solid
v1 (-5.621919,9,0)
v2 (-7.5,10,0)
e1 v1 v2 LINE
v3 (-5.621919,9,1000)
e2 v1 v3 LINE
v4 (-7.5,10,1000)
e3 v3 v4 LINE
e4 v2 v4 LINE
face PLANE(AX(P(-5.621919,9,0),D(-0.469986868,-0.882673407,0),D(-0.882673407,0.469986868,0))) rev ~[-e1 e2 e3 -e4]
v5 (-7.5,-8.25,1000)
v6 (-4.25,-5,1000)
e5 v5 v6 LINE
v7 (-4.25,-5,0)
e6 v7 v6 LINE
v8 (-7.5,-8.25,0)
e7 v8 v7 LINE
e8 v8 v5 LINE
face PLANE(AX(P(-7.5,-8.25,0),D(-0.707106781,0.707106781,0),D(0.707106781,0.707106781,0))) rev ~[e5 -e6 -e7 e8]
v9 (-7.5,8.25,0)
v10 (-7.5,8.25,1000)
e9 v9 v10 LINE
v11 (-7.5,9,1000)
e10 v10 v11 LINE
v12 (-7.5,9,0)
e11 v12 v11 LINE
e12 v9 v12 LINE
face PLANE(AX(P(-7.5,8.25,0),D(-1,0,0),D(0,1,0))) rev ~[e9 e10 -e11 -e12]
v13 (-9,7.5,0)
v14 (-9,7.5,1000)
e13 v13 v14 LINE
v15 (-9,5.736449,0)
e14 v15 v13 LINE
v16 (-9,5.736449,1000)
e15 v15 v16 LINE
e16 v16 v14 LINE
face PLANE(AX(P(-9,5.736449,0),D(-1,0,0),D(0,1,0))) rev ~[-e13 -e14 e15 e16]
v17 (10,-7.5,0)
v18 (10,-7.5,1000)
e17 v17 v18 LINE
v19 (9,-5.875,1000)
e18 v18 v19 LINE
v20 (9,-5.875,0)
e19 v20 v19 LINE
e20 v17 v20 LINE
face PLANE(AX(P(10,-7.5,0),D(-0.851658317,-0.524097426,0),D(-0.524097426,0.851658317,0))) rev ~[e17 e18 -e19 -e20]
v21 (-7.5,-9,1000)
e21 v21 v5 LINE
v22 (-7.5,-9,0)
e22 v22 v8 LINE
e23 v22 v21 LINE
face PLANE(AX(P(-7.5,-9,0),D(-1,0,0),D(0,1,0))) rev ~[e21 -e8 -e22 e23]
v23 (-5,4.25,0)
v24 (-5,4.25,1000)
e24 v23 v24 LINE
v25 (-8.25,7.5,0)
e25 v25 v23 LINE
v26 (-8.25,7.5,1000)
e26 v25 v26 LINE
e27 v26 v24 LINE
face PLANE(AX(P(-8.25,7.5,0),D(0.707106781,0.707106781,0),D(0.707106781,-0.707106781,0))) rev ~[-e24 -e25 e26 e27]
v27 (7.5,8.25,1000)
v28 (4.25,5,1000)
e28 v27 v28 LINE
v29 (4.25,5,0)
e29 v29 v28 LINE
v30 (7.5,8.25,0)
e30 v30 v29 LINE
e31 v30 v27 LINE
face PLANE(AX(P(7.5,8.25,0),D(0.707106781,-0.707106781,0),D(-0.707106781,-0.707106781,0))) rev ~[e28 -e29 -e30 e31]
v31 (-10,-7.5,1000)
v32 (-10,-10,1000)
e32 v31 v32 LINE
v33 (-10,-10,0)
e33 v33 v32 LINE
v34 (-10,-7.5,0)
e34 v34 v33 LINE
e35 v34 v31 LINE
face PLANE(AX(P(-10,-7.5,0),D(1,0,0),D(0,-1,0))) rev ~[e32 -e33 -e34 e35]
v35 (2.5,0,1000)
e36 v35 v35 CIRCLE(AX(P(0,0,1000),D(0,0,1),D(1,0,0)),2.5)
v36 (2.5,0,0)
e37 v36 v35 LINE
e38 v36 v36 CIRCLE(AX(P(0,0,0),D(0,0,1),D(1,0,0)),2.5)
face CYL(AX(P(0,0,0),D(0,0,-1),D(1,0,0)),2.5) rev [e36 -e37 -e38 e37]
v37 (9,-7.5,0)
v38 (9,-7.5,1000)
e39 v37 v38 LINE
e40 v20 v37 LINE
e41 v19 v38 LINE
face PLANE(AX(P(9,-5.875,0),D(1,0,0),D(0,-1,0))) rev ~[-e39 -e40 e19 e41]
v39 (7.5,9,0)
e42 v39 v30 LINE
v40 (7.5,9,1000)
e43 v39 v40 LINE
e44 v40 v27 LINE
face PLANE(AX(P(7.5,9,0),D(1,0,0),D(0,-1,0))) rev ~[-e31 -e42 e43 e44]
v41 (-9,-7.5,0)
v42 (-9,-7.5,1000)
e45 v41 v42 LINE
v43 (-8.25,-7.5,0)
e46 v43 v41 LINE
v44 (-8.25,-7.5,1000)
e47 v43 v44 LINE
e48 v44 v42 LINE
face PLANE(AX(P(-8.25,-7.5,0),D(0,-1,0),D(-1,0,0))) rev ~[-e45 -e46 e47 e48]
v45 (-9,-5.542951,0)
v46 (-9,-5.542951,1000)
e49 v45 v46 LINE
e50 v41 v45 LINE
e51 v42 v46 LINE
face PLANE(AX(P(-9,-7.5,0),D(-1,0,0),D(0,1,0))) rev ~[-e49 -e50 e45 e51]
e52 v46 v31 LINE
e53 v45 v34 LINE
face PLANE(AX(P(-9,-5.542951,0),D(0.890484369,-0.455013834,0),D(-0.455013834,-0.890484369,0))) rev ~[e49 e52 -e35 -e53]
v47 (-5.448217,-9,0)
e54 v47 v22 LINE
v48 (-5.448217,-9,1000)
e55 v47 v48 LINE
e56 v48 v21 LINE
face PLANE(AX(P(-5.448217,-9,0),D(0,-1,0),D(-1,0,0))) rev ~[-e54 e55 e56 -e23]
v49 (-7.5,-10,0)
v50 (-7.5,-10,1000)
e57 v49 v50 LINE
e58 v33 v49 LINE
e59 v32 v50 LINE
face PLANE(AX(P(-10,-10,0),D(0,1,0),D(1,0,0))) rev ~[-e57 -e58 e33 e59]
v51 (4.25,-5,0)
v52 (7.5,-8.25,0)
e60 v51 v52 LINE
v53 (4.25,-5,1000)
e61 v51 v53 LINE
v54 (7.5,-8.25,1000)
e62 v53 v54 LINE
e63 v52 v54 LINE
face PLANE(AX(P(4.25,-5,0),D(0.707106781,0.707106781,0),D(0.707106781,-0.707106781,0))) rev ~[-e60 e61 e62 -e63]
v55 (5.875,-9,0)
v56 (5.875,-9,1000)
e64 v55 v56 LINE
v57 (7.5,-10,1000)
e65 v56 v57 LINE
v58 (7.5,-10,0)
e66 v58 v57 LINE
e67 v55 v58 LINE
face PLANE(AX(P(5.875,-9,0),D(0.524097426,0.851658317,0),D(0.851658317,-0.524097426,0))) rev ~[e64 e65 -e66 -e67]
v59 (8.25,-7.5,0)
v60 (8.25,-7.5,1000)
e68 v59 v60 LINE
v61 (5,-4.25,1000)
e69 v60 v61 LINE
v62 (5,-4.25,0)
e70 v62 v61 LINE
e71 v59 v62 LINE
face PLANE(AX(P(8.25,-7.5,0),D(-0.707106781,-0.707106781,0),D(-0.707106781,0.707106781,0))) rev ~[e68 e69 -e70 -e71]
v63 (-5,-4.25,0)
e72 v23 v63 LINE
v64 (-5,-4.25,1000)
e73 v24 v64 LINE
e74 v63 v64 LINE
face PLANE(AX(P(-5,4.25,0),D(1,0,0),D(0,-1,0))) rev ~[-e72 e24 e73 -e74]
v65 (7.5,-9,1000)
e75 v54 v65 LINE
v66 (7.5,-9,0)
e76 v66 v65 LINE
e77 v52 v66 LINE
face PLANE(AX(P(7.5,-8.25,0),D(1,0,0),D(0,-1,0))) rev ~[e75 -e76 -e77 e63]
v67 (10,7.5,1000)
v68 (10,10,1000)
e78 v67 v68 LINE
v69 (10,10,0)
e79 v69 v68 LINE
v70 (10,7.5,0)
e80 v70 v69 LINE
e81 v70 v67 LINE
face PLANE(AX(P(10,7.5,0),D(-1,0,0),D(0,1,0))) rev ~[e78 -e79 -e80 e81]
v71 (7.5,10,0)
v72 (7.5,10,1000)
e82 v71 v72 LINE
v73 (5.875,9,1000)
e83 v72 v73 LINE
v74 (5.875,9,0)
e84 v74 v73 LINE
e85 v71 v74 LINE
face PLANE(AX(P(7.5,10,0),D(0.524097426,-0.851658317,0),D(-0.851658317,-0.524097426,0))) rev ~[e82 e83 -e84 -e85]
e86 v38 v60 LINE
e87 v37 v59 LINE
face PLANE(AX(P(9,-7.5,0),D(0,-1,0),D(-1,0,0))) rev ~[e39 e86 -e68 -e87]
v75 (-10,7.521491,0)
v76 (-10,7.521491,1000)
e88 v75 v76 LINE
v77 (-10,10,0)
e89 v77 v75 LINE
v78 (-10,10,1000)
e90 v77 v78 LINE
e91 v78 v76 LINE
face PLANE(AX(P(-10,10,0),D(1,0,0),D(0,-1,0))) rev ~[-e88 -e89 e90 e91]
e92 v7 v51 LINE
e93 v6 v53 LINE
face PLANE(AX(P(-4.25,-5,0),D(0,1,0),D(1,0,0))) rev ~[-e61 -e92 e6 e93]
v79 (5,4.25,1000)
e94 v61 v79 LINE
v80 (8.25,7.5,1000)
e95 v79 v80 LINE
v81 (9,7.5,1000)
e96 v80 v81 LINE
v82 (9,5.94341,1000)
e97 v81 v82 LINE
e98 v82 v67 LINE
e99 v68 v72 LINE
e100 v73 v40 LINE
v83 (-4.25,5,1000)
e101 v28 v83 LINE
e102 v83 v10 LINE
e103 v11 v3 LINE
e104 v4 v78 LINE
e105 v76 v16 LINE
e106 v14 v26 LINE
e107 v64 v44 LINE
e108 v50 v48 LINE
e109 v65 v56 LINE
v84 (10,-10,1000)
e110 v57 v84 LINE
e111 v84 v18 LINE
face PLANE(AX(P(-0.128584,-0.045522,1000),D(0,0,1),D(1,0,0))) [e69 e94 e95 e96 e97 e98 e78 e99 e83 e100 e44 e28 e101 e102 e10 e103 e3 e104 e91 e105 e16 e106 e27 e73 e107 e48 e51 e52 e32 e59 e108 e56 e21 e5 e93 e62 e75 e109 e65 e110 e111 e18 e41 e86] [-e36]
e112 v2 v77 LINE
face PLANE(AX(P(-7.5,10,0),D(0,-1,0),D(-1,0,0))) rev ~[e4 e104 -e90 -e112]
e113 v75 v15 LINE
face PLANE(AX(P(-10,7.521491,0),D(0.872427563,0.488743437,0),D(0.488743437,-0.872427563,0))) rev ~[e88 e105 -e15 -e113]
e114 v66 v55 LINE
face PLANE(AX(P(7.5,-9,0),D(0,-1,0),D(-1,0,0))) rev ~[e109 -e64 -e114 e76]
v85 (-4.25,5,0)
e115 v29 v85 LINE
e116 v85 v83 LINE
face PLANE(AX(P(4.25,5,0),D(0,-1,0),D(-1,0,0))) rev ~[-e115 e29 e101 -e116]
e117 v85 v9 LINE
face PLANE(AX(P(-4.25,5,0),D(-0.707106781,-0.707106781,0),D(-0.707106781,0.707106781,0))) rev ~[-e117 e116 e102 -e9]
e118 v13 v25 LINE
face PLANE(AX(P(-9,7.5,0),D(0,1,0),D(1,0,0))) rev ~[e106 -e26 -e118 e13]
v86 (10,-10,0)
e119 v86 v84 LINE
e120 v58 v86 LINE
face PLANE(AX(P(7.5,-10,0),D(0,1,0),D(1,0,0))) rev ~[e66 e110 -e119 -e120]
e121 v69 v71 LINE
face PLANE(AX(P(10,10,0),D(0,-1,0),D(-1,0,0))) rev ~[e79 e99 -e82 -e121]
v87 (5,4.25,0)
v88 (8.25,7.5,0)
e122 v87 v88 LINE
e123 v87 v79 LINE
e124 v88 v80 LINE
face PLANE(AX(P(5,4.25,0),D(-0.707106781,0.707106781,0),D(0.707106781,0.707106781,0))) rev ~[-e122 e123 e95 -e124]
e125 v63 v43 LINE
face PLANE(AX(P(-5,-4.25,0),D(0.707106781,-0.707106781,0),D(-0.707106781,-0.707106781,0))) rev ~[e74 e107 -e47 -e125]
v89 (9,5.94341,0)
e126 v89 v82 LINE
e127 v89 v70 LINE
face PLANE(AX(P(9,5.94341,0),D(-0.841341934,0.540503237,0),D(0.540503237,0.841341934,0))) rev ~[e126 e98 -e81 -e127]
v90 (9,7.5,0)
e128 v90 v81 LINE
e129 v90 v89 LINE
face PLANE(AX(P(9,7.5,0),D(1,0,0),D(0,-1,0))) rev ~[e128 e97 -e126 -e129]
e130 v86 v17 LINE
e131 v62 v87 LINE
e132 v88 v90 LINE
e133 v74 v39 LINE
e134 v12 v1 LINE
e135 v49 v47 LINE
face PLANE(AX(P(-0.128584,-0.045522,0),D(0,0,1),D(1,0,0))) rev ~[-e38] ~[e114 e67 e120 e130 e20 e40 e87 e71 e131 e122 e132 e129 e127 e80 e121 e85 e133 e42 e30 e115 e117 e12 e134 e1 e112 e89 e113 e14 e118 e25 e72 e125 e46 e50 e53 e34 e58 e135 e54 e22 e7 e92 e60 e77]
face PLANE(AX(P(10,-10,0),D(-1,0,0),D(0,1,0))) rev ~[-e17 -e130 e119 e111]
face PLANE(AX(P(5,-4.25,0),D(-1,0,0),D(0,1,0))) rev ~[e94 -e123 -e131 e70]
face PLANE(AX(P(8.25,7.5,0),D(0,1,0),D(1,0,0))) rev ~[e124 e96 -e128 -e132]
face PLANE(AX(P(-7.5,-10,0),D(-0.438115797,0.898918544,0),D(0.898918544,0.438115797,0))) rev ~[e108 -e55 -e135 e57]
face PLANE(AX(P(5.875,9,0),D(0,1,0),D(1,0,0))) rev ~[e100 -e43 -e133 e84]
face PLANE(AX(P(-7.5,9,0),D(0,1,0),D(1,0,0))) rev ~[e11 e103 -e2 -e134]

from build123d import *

# Parameters (mm, degrees)
F0_R     = 2.5
F1_DEPTH = 1000


with BuildPart() as f1:
    # F0 (on Top) → F1 (new body)
    with BuildSketch(Plane.XY):
        Polygon((7.5, 8.25), (4.25, 5), (-4.25, 5), (-7.5, 8.25), (-7.5, 9), (-5.621919, 9), (-7.5, 10), (-10, 10), (-10, 7.521491), (-9, 5.736449), (-9, 7.5), (-8.25, 7.5), (-5, 4.25), (-5, -4.25), (-8.25, -7.5), (-9, -7.5), (-9, -5.542951), (-10, -7.5), (-10, -10), (-7.5, -10), (-5.448217, -9), (-7.5, -9), (-7.5, -8.25), (-4.25, -5), (4.25, -5), (7.5, -8.25), (7.5, -9), (5.875, -9), (7.5, -10), (10, -10), (10, -7.5), (9, -5.875), (9, -7.5), (8.25, -7.5), (5, -4.25), (5, 4.25), (8.25, 7.5), (9, 7.5), (9, 5.94341), (10, 7.5), (10, 10), (7.5, 10), (5.875, 9), (7.5, 9), align=None)
        Circle(F0_R, mode=Mode.SUBTRACT)
    extrude(amount=F1_DEPTH)


solid = f1.part
